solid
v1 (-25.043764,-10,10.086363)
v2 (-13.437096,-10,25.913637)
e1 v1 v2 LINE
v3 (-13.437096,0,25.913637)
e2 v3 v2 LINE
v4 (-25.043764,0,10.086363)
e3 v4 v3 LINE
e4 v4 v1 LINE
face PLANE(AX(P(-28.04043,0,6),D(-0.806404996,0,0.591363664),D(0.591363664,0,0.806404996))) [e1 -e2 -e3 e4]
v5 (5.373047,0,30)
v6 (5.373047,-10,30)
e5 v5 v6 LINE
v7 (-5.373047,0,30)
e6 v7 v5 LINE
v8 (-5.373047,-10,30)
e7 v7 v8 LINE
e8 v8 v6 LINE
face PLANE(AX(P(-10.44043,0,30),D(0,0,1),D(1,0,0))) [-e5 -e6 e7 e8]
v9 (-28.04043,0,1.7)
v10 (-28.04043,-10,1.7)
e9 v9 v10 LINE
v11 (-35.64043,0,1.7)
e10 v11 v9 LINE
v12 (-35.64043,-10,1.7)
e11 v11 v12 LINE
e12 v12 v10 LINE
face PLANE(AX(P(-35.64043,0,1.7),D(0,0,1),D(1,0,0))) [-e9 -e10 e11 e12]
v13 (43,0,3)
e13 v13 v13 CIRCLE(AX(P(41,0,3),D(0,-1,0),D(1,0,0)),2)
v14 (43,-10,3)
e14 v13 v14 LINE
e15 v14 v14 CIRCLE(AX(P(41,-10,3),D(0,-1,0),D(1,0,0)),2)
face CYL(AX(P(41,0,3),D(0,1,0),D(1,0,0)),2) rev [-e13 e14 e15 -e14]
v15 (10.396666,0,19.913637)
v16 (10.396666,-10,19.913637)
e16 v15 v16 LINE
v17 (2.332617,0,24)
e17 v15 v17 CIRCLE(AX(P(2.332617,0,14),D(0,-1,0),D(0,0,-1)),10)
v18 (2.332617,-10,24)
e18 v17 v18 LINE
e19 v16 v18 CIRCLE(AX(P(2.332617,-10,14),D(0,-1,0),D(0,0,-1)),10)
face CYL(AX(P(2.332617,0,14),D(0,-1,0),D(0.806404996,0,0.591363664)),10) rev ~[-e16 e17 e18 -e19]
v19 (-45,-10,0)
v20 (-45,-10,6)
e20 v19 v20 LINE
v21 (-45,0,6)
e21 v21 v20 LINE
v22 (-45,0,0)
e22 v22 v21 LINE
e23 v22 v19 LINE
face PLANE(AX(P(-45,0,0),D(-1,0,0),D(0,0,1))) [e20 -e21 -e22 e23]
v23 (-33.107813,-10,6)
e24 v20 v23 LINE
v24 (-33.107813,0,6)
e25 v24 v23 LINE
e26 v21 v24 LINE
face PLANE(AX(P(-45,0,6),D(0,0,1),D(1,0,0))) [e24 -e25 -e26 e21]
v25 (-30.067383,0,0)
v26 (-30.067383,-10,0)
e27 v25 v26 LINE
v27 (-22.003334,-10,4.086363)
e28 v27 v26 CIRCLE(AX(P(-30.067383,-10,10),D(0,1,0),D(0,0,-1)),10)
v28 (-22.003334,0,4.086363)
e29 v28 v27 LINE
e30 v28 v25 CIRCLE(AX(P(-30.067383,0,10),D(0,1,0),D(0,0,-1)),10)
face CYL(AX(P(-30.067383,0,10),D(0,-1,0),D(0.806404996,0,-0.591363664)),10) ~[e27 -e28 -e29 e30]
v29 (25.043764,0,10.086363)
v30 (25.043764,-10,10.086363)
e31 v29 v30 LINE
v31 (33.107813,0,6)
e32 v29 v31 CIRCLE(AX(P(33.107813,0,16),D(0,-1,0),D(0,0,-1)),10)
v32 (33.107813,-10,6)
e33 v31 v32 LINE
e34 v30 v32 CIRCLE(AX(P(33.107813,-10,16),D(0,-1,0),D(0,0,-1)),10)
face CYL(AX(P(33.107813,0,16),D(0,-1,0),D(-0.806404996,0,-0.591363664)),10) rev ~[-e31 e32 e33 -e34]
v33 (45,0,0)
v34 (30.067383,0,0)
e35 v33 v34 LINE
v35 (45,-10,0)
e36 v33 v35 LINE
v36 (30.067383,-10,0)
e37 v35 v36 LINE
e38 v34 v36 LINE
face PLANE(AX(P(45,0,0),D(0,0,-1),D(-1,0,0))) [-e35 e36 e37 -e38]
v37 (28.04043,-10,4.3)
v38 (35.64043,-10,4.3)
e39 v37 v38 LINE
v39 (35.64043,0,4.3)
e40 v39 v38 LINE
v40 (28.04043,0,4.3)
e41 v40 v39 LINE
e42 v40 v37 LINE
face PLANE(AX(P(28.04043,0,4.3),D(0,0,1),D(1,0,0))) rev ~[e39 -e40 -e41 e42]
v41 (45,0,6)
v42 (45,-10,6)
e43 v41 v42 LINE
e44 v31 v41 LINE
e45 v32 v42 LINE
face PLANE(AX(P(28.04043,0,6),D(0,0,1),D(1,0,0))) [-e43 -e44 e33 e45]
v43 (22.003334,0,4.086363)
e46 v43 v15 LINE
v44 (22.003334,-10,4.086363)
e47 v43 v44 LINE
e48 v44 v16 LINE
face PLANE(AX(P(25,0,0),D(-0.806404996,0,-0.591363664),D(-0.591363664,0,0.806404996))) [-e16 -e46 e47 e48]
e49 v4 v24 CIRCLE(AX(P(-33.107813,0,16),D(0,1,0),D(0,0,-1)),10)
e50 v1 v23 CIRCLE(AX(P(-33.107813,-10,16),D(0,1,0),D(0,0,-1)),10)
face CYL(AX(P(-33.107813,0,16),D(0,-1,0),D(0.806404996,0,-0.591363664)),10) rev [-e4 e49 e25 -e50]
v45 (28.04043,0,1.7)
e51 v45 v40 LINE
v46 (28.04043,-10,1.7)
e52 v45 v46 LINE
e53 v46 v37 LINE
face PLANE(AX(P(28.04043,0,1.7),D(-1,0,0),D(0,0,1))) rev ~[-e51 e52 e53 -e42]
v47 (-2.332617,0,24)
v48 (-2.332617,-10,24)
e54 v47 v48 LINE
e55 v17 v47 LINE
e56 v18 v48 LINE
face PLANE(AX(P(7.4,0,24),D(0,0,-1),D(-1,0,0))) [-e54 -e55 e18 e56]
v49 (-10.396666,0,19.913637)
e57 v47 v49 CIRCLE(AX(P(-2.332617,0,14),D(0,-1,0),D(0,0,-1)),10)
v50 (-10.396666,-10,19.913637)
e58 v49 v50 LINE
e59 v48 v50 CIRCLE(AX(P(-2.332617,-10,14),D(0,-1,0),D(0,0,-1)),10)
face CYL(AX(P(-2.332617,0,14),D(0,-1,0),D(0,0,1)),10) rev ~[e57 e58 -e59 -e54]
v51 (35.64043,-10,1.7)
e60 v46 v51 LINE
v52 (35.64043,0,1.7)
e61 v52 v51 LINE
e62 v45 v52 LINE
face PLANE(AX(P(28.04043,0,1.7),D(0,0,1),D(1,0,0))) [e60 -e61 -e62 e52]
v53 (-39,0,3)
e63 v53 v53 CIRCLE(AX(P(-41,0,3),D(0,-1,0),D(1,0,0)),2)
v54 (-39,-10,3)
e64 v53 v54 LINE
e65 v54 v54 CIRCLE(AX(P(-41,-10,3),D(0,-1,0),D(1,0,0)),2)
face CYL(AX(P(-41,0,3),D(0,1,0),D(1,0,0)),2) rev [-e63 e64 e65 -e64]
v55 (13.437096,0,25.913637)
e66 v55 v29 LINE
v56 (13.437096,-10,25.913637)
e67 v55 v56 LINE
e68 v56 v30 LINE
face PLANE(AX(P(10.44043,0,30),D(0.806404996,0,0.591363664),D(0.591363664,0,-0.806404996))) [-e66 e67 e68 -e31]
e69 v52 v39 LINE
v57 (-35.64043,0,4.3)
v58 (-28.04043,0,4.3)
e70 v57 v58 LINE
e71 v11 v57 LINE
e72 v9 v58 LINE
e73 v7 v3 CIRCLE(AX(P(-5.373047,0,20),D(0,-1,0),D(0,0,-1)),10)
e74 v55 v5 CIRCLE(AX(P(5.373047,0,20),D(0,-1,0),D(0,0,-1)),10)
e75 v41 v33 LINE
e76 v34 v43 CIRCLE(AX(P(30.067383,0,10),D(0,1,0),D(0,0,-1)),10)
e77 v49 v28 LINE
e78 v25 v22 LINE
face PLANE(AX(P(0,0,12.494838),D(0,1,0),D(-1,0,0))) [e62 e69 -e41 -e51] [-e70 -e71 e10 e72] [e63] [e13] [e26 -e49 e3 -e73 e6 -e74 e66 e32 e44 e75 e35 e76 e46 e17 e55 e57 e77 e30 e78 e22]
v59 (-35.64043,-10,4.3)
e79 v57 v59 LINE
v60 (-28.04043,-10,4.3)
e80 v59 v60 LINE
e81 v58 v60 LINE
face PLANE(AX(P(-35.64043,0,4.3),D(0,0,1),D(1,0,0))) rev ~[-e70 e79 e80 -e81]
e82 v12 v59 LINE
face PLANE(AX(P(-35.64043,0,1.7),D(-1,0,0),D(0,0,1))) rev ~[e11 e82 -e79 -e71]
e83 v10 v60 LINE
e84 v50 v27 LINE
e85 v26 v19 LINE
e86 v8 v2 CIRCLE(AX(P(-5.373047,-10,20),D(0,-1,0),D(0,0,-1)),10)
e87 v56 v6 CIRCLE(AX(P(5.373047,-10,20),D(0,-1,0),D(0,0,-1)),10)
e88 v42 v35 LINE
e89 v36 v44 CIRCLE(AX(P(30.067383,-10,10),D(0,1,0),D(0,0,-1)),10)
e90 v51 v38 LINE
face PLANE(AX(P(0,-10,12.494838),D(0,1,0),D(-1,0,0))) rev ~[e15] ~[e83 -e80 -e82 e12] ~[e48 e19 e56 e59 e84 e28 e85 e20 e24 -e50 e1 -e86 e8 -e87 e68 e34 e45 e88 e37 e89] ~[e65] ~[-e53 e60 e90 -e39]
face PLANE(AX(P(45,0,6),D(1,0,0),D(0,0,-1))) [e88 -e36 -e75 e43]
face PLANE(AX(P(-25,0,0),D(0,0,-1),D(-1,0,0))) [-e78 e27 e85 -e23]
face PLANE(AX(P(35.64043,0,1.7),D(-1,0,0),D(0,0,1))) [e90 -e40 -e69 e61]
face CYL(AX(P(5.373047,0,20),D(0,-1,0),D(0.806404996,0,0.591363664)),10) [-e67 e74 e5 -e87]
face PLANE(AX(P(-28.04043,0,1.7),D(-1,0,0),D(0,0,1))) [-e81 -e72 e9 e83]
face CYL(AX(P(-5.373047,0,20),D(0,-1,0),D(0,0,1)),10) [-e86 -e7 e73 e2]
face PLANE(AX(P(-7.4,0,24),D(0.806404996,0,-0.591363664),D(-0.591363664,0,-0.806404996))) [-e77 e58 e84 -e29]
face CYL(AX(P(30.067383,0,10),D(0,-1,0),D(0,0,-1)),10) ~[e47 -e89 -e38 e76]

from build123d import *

# Parameters (mm, degrees)
SKETCH_R    = 2
SKETCH_W    = 7.6
SKETCH_H    = 2.6
PAD_DEPTH   = 10
FILLET_R    = 10
FILLET001_R = 10


with BuildPart() as part:
    # Sketch → Pad (new body)
    with BuildSketch(Plane.XZ):
        Polygon((10.44043, 30), (28.04043, 6), (45, 6), (45, 0), (25, 0), (7.4, 24), (-7.4, 24), (-25, 0), (-45, 0), (-45, 6), (-28.04043, 6), (-10.44043, 30), align=None)
        with Locations((-41, 3)):
            Circle(SKETCH_R, mode=Mode.SUBTRACT)
        with Locations((41, 3)):
            Circle(SKETCH_R, mode=Mode.SUBTRACT)
        with Locations((-31.84043, 3)):
            Rectangle(SKETCH_W, SKETCH_H, mode=Mode.SUBTRACT)
        with Locations((31.84043, 3)):
            Rectangle(SKETCH_W, SKETCH_H, mode=Mode.SUBTRACT)
    extrude(amount=PAD_DEPTH)

    # Fillet
    fillet_edges = [part.edges().sort_by_distance(p)[0] for p in [
        (-28.04043, -5, 6),
        (-10.44043, -5, 30),
        (10.44043, -5, 30),
        (28.04043, -5, 6),
    ]]
    fillet(fillet_edges, radius=FILLET_R)

    # Fillet001
    fillet001_edges = [part.edges().sort_by_distance(p)[0] for p in [
        (-25, -5, 0),
        (-7.4, -5, 24),
        (7.4, -5, 24),
        (25, -5, 0),
    ]]
    fillet(fillet001_edges, radius=FILLET001_R)


solid = part.part
